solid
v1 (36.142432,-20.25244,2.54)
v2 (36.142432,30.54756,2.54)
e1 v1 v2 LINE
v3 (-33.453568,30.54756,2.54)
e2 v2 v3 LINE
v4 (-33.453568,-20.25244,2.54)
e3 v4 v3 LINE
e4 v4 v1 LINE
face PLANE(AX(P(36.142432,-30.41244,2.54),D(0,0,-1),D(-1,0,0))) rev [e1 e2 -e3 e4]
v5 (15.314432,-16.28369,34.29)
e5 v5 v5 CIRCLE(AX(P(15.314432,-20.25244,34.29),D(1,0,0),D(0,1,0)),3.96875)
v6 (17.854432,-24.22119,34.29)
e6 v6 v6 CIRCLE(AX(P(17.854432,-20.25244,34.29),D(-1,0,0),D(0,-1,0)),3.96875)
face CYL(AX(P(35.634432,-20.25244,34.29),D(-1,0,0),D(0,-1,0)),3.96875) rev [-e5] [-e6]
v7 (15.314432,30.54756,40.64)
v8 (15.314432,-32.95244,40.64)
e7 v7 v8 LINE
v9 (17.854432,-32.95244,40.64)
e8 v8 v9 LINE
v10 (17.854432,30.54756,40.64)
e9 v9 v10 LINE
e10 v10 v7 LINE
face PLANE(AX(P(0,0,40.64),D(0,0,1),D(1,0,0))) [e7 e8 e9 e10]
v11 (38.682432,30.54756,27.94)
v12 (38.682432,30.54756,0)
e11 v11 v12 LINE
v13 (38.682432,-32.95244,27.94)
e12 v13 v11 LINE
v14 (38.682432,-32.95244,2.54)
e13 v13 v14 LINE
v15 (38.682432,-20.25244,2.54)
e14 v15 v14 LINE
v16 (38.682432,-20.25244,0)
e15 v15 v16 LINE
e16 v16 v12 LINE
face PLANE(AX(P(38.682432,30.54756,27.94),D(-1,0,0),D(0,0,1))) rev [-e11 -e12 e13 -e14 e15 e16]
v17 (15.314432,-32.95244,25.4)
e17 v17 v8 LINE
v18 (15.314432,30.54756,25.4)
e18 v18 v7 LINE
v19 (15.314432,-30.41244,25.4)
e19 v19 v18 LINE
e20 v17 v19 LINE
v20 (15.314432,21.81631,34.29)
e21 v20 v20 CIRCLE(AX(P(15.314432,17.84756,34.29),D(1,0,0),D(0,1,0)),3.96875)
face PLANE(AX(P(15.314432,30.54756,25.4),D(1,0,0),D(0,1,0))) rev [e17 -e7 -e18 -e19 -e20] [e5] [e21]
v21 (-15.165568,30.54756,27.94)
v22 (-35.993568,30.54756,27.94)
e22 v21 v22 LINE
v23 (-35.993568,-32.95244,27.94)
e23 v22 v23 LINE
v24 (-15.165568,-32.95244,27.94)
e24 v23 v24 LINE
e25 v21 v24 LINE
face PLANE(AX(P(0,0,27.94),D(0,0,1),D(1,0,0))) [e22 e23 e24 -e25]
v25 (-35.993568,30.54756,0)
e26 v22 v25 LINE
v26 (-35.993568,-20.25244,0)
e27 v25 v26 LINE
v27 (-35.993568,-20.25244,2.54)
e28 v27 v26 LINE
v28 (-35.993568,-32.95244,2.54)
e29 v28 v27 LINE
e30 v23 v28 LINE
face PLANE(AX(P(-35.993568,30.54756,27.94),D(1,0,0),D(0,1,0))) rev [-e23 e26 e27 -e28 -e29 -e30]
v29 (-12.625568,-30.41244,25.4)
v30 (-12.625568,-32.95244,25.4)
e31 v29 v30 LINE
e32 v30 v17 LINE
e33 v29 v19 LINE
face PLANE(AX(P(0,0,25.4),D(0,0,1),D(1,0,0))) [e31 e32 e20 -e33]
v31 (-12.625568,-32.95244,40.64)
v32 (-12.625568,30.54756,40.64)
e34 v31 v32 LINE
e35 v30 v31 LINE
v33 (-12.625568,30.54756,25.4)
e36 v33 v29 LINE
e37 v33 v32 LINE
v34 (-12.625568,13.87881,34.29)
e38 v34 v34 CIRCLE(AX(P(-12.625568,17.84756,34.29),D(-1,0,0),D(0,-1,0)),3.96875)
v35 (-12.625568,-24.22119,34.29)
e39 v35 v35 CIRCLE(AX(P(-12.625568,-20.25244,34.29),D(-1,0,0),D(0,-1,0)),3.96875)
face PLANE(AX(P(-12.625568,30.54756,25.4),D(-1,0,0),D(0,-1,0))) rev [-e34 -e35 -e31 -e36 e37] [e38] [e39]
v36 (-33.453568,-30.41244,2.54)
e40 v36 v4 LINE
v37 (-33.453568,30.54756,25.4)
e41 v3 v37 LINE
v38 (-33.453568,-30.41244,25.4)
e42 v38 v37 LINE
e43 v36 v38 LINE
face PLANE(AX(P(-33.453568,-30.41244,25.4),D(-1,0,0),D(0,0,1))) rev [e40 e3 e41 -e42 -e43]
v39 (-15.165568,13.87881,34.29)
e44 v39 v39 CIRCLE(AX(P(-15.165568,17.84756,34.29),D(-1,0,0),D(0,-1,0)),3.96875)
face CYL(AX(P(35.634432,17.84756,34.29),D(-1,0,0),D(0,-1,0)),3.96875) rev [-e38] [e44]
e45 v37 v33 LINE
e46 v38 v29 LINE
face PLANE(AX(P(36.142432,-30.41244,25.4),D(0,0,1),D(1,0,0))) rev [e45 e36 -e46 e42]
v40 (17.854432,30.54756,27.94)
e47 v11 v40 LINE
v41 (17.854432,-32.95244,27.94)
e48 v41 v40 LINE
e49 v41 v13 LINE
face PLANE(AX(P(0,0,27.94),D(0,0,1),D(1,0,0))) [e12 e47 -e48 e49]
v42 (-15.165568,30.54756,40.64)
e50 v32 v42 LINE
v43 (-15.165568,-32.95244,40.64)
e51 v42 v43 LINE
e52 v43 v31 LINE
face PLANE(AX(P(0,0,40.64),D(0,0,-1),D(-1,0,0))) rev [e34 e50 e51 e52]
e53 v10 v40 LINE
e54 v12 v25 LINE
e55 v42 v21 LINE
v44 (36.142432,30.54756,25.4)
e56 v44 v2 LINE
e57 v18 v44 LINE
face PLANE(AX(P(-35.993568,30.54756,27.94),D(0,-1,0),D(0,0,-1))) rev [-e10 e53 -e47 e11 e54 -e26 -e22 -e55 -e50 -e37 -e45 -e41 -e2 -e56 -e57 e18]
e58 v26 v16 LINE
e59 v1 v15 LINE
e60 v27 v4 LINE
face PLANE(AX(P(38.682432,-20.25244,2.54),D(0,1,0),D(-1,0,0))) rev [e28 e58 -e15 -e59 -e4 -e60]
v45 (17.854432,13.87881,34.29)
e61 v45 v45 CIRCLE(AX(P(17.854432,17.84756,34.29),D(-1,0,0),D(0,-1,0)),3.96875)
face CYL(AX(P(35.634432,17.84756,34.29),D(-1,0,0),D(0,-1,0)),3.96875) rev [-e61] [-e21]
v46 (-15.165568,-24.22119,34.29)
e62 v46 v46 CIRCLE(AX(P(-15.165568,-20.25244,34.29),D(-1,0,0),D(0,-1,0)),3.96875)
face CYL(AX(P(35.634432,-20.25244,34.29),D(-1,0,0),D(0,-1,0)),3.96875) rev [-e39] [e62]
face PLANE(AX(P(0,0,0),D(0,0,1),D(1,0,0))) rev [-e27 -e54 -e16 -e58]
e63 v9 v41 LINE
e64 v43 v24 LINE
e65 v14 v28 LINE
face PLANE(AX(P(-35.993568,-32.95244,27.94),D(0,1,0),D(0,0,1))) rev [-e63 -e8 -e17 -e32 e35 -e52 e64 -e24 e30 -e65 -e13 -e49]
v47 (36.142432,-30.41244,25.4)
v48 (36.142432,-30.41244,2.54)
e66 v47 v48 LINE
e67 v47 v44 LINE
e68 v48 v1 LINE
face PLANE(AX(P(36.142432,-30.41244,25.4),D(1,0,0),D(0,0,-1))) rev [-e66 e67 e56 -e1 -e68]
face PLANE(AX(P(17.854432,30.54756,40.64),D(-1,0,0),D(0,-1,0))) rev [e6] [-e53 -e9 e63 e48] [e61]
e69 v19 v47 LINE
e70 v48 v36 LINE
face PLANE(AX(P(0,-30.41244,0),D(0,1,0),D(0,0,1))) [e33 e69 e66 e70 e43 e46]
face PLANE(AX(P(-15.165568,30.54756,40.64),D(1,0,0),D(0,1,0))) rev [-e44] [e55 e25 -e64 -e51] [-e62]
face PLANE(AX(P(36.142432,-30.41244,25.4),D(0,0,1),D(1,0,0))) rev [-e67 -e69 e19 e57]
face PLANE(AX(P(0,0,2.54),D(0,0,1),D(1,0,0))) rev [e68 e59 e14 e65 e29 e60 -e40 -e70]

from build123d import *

# Parameters (mm, degrees)
SKETCH1_W           = 74.676
SKETCH1_H           = 63.5
BOSS_EXTRUDE1_DEPTH = 27.94
SKETCH2_W           = 69.596
SKETCH2_H           = 22.86
CUT_EXTRUDE1_DEPTH  = 60.96
SKETCH3_W           = 27.94
SKETCH3_H           = 63.5
CUT_EXTRUDE2_DEPTH  = 2.54
SKETCH4_W           = 74.676
SKETCH4_H           = 12.7
CUT_EXTRUDE3_DEPTH  = 2.54
SKETCH5_W           = 2.54
SKETCH5_H           = 63.5
BOSS_EXTRUDE2_DEPTH = 12.7
SKETCH6_R           = 3.96875
CUT_EXTRUDE4_DEPTH  = 50.8


with BuildPart() as part:
    # Sketch1 → Boss-Extrude1 (new body)
    with BuildSketch(Plane.XY):
        with Locations((1.344432395, -1.20243972)):
            Rectangle(SKETCH1_W, SKETCH1_H)
    extrude(amount=BOSS_EXTRUDE1_DEPTH)

    # Sketch2 → Cut-Extrude1 (cut)
    with BuildSketch(Plane(origin=(0, 30.54756028, 0), x_dir=(1, 0, 0), z_dir=(0, 1, 0))):
        with Locations((1.344432395, -13.97)):
            Rectangle(SKETCH2_W, SKETCH2_H)
    extrude(amount=-CUT_EXTRUDE1_DEPTH, mode=Mode.SUBTRACT)

    # Sketch3 → Cut-Extrude2 (cut)
    with BuildSketch(Plane.XY.offset(27.94)):
        with Locations((1.344432395, -1.20243972)):
            Rectangle(SKETCH3_W, SKETCH3_H)
    extrude(amount=-CUT_EXTRUDE2_DEPTH, mode=Mode.SUBTRACT)

    # Sketch4 → Cut-Extrude3 (cut)
    with BuildSketch(Plane(origin=(0, 0, 0), x_dir=(-1, 0, 0), z_dir=(0, 0, -1))):
        with Locations((-1.344432395, -26.60243972)):
            Rectangle(SKETCH4_W, SKETCH4_H)
    extrude(amount=-CUT_EXTRUDE3_DEPTH, mode=Mode.SUBTRACT)

    # Sketch5 → Boss-Extrude2 (add)
    with BuildSketch(Plane.XY.offset(27.94)):
        with Locations((-13.895567605, -1.20243972)):
            Rectangle(SKETCH5_W, SKETCH5_H)
        with Locations((16.584432395, -1.20243972)):
            Rectangle(SKETCH5_W, SKETCH5_H)
    extrude(amount=BOSS_EXTRUDE2_DEPTH)

    # Sketch6 → Cut-Extrude4 (cut)
    with BuildSketch(Plane.ZY.offset(15.165567605)):
        with Locations(Location((34.29, 17.84756028, 0), (0, 0, 270))):
            Circle(SKETCH6_R)
        with Locations(Location((34.29, -20.25243972, 0), (0, 0, 270))):
            Circle(SKETCH6_R)
    extrude(amount=-CUT_EXTRUDE4_DEPTH, mode=Mode.SUBTRACT)


solid = part.part
